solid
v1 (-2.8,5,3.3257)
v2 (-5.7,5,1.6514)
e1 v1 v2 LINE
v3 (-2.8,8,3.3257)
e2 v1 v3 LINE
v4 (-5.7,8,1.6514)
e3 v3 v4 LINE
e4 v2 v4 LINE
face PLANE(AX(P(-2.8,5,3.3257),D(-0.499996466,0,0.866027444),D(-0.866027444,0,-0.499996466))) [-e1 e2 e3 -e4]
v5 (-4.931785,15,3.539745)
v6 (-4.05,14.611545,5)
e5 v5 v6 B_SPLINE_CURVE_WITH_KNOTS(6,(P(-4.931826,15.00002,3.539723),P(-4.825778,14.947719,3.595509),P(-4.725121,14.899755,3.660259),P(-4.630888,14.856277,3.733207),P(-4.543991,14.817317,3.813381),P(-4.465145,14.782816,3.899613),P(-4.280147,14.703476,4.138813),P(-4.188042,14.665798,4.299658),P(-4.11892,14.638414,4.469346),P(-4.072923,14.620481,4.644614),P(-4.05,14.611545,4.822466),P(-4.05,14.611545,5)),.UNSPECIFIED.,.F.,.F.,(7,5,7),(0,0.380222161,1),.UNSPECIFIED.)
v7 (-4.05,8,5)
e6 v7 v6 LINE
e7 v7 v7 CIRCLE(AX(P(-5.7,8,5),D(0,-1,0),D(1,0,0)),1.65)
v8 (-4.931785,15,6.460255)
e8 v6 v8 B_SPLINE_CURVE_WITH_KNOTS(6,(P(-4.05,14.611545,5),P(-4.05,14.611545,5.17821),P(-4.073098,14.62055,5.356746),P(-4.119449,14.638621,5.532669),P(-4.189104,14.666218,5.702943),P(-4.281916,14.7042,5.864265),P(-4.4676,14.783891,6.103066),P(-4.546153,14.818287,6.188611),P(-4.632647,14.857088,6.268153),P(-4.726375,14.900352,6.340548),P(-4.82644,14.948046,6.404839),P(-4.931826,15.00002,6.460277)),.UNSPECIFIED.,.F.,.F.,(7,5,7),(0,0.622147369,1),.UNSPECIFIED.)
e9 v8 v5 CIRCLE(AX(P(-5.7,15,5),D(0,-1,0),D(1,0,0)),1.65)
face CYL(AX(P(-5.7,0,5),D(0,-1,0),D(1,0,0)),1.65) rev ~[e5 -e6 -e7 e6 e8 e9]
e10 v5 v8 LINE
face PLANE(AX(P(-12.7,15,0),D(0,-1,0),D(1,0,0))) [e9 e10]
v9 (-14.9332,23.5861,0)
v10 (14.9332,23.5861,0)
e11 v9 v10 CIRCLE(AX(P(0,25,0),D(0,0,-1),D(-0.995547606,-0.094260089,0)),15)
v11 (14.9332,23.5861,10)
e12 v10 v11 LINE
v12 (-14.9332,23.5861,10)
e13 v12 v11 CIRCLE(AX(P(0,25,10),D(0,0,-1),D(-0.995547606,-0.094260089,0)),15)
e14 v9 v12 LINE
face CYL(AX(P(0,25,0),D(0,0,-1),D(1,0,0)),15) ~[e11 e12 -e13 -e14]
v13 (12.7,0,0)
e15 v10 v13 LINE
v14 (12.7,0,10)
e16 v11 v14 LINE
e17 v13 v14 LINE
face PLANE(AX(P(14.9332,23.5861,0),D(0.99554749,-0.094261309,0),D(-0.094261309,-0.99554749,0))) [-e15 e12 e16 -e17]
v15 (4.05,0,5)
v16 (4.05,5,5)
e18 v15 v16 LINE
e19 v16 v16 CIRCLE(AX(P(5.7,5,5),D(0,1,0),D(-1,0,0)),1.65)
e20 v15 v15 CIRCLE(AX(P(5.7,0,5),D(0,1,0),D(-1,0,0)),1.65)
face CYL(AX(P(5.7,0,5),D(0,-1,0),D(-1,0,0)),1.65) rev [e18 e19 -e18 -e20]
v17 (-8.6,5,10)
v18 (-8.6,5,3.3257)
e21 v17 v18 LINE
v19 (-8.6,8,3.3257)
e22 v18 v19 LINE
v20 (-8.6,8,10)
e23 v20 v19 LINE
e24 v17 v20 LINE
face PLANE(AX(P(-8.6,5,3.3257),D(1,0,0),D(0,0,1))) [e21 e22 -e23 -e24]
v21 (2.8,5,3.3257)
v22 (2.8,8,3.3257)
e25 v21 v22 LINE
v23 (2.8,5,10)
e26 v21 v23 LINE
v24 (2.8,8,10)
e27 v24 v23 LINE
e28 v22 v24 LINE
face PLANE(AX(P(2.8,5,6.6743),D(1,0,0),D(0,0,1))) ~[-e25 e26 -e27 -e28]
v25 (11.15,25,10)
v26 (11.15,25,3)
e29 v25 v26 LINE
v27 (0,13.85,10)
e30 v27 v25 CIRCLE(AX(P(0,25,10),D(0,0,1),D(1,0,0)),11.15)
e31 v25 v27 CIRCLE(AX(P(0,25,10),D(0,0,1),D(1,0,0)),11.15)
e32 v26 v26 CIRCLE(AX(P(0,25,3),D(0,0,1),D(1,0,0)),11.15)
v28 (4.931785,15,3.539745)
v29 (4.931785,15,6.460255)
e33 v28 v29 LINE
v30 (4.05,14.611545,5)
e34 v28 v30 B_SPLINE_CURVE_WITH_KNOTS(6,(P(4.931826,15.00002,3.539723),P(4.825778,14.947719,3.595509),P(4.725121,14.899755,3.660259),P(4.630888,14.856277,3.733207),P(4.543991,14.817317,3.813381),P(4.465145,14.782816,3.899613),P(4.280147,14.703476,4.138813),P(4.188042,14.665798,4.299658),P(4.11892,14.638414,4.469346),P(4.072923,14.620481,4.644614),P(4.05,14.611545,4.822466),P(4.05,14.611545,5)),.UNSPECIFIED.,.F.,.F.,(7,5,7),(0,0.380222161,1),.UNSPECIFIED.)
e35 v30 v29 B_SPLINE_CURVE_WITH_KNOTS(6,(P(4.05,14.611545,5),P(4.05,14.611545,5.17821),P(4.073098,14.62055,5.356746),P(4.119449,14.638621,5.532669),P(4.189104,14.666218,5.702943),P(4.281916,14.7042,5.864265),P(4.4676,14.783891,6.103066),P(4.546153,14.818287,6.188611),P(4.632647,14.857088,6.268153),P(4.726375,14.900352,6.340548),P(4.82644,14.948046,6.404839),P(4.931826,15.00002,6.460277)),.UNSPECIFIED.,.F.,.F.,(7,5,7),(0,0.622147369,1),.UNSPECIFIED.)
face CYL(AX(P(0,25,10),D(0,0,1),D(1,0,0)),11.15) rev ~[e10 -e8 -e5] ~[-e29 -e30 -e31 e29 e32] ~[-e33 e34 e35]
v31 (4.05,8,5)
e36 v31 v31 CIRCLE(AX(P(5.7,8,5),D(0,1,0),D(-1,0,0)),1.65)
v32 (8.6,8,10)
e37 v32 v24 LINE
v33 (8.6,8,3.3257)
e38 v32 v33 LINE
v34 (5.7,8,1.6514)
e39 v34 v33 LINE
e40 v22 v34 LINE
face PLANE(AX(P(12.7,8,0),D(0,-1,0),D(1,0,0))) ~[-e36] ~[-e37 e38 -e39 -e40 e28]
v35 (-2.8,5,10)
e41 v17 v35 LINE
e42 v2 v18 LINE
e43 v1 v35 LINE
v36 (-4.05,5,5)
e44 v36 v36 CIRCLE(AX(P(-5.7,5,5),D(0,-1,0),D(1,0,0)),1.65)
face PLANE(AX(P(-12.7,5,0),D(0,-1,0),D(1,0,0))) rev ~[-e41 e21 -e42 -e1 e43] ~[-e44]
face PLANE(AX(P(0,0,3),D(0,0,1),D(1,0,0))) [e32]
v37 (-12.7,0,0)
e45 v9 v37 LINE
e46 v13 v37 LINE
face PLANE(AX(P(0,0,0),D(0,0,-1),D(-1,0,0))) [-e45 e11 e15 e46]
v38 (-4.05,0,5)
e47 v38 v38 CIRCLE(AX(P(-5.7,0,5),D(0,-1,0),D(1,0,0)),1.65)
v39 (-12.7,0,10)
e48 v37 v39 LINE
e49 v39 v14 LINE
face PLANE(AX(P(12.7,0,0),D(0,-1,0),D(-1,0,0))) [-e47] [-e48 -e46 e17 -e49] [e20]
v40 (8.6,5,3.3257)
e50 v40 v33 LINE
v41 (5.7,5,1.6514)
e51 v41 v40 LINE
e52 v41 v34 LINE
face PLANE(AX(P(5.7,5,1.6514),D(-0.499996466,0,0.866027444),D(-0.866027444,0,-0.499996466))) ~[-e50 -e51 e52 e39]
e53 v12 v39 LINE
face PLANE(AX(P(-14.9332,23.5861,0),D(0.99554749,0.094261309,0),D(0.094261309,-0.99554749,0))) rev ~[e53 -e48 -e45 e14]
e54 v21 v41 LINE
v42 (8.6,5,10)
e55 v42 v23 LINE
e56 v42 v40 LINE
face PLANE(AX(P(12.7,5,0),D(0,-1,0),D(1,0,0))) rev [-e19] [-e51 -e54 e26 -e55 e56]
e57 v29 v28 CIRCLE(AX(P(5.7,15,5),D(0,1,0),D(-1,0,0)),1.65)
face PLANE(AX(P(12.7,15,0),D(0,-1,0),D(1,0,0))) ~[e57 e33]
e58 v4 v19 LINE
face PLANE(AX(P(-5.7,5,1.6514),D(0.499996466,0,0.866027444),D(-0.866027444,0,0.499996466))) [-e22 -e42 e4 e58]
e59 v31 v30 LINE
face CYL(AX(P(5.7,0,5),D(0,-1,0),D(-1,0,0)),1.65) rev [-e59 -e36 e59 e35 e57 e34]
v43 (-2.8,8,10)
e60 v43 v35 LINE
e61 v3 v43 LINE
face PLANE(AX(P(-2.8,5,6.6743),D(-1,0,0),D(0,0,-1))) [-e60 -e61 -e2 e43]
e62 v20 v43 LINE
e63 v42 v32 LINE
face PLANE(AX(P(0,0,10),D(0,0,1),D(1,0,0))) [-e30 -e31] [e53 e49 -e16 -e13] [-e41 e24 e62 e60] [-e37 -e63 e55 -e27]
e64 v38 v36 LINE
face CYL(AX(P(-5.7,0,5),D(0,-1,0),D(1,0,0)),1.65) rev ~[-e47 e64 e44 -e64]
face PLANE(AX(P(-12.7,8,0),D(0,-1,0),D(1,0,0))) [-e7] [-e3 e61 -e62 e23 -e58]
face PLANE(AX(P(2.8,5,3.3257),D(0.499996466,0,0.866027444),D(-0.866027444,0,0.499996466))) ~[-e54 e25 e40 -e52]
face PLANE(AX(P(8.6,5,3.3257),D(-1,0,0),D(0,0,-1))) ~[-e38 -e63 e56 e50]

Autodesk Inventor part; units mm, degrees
ref_plane "YZ Plane" through (0, 0, 0) normal (1, 0, 0) x (0, 1, 0)
ref_plane "XZ Plane" through (0, 0, 0) normal (0, 1, 0) x (-1, 0, 0)
ref_plane "XY Plane" through (0, 0, 0) normal (0, 0, 1) x (1, 0, 0)
sketch "Sketch1" plane through (0, 0, 0) normal (0, 0, 1) x (1, 0, 0)
  circle A0 centre (0, 25) radius 4.1
  circle A1 centre (0, 25) radius 15
  line L0 (-14.9332, 23.5861) -> (-12.7, 0)
  line L1 (-12.7, 0) -> (0, 0)
  line L2 (0, 0) -> (0, 25)
  line L3 (14.9332, 23.5861) -> (12.7, 0)
  line L4 (12.7, 0) -> (0, 0)
  circle A2 centre (0, 25) radius 11.15
  point P0 (14.9332, 23.5861)
  dimension "d1" = 30
  dimension "d0" = 8.2
  dimension "d2" = 25.4
  dimension "d5" = 25
  dimension "d16" = 22.3
extrude "Extrusion1" add sketch "Sketch1" along normal blind 10 contours A2 | A1 | A1 L3 L4 L2 | L2 L1 L0 A1
sketch "Sketch2" plane through (-12.7, 0, 0) normal (0, -1, 0) x (1, 0, 0)
  line L0 (0, 0) -> (25.4, 0) projected
  line L1 (25.4, 0) -> (25.4, 10) projected
  line L2 (0, 10) -> (25.4, 10) projected
  line L3 (0, 0) -> (0, 10) projected
  circle A0 centre (7, 5) radius 1.65
  point P0 (12.7, 0)
  point P1 (0, 5)
  dimension "d6" = 3.3
  dimension "d7" = 7
extrude "Extrusion2" cut sketch "Sketch2" against normal blind 15 contours A0
ref_plane "Work Plane1" through (-12.7, 5, 0) normal (0, -1, 0) x (1, 0, 0)
sketch "Sketch3" plane through (-12.7, 5, 0) normal (0, -1, 0) x (1, 0, 0)
  circle A0 centre (7, 5) radius 1.65 projected
  line L0 (9.9, 6.6743) -> (9.9, 3.3257)
  line L1 (9.9, 3.3257) -> (7, 1.6514)
  line L2 (7, 1.6514) -> (4.1, 3.3257)
  line L3 (4.1, 3.3257) -> (4.1, 6.6743)
  line L4 (4.1, 6.6743) -> (7, 8.3486)
  line L5 (7, 8.3486) -> (9.9, 6.6743)
  line L6 (4.1, 6.6743) -> (9.9, 6.6743)
  line L7 (9.9, 6.6743) -> (9.9, 13.9222)
  line L8 (9.9, 13.9222) -> (4.1, 13.9222)
  line L9 (4.1, 13.9222) -> (4.1, 6.6743)
  point P0 (12.7, 0)
  dimension "d11" = 5.8
extrude "Extrusion3" cut sketch "Sketch3" against normal blind 3
mirror "Mirror1" about plane through (0, 0, 0) normal (1, 0, 0) of "Extrusion3", "Extrusion2"
sketch "Sketch4" plane through (0, 0, 0) normal (0, 0, -1) x (-1, 0, 0)
  line L0 (12.7, 0) -> (-12.7, 0) projected
  line L1 (14.9332, 23.5861) -> (12.7, 0) projected
  arc A0 (14.9332, 23.5861) -> (-14.9332, 23.5861) centre (0, 25) ccw projected
  line L2 (-12.7, 0) -> (-14.9332, 23.5861) projected
  circle A1 centre (0, 25) radius 4.1 projected
  point P0 (0, 0)
extrude "Extrusion4" add sketch "Sketch4" against normal blind 3 contours A1
sketch "Sketch5" plane through (0, 0, 10) normal (0, 0, 1) x (1, 0, 0)
  line L0 (8.6, 8) -> (8.6, 5) projected
  line L1 (8.6, 5) -> (2.8, 5) projected
  line L2 (2.8, 5) -> (2.8, 8) projected
  line L3 (2.8, 8) -> (8.6, 8) projected
  line L4 (-8.6, 5) -> (-8.6, 8) projected
  line L5 (-8.6, 8) -> (-2.8, 8) projected
  line L6 (-2.8, 8) -> (-2.8, 5) projected
  line L7 (-2.8, 5) -> (-8.6, 5) projected
  line L8 (-12.7, 0) -> (12.7, 0) projected
  line L9 (12.7, 0) -> (14.9332, 23.5861) projected
  arc A0 (14.9332, 23.5861) -> (-14.9332, 23.5861) centre (0, 25) ccw projected
  line L10 (-14.9332, 23.5861) -> (-12.7, 0) projected
  circle A1 centre (0, 25) radius 4.1 projected
  circle A2 centre (0, 25) radius 4.1 projected
  circle A3 centre (0, 25) radius 11.15
  point P0 (0, 0)
  dimension "d17" = 22.3
extrude "Extrusion5" cut sketch "Sketch5" against normal blind 7 contours A3
properties part number "OTRO_EXTREMO" material "Steel, Mild, Welded"
